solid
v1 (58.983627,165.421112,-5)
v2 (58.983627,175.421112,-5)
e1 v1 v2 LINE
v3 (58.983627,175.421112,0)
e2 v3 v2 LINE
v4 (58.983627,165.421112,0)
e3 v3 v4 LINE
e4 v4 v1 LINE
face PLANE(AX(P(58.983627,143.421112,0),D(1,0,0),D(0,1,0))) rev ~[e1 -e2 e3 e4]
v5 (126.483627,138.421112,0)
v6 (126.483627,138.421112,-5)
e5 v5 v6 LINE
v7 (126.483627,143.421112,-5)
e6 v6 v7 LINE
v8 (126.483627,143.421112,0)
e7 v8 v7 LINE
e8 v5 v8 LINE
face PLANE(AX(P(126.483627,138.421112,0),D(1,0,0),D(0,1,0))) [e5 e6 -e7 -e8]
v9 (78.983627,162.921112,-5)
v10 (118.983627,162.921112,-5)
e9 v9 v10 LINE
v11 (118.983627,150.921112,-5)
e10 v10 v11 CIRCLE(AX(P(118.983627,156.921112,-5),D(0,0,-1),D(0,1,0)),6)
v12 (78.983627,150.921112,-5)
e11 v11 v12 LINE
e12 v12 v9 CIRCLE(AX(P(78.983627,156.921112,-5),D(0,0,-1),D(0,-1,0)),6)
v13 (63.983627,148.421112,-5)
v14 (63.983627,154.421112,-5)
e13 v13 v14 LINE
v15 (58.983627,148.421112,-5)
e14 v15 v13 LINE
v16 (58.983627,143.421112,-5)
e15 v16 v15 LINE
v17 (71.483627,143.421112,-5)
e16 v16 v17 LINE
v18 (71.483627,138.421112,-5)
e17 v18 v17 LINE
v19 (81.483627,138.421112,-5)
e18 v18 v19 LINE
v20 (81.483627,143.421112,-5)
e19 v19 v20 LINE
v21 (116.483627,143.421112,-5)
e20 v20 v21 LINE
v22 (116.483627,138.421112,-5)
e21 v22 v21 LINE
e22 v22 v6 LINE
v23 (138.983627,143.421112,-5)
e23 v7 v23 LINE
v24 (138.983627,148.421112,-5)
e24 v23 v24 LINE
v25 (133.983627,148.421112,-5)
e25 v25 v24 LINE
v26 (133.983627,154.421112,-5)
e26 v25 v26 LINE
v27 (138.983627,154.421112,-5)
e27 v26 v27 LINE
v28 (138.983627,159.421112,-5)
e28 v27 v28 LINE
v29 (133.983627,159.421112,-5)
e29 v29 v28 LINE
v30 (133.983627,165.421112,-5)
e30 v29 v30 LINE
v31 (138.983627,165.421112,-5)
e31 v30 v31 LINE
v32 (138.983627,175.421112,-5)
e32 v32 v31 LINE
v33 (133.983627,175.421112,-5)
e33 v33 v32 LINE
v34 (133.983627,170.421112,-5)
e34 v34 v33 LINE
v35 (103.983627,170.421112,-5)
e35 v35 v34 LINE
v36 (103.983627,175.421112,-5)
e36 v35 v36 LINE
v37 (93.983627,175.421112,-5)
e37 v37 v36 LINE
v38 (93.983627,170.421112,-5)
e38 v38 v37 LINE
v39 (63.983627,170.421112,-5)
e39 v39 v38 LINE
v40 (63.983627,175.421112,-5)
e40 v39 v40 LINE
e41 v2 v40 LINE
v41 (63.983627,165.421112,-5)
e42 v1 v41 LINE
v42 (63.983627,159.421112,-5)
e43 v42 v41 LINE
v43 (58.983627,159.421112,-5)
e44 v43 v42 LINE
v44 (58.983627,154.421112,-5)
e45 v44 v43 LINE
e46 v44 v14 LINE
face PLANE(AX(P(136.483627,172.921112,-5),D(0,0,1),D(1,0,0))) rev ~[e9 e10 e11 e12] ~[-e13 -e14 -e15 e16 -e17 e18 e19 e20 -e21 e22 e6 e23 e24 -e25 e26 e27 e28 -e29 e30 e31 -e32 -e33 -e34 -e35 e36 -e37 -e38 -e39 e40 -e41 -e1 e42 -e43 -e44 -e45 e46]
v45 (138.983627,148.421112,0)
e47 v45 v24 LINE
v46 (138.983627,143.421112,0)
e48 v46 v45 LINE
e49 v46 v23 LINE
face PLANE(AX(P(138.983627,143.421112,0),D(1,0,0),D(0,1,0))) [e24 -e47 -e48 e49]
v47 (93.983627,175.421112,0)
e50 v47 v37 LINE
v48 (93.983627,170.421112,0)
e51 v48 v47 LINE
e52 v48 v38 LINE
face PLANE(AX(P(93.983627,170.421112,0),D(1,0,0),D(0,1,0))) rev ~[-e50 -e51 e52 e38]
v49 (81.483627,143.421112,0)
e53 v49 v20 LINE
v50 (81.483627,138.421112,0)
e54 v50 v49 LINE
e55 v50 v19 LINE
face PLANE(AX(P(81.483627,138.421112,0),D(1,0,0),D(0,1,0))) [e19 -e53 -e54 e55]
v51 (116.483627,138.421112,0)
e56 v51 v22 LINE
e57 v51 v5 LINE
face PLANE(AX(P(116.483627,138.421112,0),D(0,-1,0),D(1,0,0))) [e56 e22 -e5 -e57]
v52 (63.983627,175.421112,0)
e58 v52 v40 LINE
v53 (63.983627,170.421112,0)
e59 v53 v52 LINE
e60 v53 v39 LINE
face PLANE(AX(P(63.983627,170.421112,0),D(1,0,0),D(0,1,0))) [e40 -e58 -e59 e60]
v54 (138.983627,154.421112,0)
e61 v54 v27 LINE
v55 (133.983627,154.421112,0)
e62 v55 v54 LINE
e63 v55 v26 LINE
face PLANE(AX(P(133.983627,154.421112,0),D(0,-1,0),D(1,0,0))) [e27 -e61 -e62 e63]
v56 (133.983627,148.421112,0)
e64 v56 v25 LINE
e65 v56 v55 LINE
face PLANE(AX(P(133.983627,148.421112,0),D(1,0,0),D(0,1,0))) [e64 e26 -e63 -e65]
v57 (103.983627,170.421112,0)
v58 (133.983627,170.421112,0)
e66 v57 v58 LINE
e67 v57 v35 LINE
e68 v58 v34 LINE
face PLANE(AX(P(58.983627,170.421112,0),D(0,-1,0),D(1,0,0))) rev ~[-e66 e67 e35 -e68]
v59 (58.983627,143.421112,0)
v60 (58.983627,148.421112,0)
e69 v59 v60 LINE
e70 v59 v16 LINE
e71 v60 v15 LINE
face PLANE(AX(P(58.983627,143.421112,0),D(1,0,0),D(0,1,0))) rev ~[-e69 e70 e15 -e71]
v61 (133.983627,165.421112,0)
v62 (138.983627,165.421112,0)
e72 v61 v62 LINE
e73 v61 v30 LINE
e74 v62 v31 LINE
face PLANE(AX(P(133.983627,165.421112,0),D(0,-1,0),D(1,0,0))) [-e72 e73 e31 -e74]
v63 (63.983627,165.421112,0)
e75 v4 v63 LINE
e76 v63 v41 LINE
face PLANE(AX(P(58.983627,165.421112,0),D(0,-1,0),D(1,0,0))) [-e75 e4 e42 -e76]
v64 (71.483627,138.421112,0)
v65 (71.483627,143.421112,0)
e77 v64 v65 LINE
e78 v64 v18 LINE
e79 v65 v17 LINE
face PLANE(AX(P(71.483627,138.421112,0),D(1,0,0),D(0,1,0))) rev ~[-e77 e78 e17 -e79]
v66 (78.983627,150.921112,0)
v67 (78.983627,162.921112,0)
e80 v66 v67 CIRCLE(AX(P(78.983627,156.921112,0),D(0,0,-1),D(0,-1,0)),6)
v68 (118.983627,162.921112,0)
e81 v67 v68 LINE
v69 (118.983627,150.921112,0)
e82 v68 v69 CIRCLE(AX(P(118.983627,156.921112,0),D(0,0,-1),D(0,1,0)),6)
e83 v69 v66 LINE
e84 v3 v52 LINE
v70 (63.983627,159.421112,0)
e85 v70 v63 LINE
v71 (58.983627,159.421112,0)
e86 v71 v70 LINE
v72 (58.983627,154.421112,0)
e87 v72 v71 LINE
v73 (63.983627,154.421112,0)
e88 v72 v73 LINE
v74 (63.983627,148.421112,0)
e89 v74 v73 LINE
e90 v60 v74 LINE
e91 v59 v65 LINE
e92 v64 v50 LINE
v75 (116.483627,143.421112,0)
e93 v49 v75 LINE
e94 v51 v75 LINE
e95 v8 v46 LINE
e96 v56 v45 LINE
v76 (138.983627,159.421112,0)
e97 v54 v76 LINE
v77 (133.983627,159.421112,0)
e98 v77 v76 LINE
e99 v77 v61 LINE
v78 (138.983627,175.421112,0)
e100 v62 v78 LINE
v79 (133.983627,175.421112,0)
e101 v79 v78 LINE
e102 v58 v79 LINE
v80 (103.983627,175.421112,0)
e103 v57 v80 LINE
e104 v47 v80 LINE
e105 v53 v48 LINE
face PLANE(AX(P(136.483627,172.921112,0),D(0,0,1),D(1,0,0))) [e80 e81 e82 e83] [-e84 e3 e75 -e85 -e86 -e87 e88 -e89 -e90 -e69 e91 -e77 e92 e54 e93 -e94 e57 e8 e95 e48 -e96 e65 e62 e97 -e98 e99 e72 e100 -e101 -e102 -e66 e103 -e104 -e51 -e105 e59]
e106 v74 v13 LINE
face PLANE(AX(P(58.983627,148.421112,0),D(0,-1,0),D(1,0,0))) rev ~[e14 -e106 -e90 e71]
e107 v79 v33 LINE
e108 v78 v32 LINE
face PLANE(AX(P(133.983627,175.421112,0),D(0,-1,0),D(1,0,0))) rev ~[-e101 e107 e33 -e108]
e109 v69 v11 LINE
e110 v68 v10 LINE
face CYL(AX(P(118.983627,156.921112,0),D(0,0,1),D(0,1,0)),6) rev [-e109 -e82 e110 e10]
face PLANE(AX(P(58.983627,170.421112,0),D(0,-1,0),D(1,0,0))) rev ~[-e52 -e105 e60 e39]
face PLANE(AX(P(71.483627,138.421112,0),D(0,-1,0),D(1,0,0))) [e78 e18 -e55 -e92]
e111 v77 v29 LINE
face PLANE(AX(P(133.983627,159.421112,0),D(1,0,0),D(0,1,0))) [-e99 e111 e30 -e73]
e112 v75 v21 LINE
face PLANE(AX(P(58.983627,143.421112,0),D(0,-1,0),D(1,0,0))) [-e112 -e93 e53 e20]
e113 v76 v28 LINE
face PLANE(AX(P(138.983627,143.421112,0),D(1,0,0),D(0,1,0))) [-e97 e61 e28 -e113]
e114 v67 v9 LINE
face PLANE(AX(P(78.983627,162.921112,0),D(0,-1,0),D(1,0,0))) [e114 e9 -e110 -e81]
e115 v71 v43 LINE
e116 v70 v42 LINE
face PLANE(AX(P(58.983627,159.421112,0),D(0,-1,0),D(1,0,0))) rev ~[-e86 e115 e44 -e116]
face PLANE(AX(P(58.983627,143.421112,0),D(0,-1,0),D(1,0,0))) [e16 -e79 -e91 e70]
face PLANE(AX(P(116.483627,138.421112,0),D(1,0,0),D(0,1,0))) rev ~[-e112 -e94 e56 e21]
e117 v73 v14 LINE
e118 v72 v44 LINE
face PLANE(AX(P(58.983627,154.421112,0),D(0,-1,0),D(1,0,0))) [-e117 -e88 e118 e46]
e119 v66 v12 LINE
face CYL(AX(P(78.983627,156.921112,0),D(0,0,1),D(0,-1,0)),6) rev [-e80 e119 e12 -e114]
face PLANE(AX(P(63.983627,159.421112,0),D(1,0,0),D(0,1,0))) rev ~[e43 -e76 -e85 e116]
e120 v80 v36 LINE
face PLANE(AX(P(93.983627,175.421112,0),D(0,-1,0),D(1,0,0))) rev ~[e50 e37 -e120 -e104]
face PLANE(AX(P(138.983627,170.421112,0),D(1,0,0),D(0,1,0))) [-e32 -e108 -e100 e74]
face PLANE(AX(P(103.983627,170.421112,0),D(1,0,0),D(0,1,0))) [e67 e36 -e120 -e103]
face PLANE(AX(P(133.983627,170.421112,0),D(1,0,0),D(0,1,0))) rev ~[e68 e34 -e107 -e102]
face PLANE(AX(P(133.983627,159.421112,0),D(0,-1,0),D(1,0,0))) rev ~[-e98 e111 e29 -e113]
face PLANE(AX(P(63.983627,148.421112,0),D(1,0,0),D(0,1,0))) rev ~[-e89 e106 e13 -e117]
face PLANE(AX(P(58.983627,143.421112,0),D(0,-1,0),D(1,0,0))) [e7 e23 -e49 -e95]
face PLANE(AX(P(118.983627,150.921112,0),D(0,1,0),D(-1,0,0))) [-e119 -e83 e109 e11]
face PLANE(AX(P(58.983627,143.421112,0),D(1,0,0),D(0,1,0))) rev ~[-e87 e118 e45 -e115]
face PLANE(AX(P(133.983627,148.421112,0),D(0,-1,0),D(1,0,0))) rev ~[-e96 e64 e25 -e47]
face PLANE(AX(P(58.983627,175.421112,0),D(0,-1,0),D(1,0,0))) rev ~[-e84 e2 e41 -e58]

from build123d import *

# Parameters (mm, degrees)
ESQUISSE1_W        = 80
ESQUISSE1_H        = 27
BOSS_EXTRU_1_DEPTH = 5
ESQUISSE3_W        = 5
ESQUISSE3_H        = 6
CR_NEAUX_DEPTH     = 5
ESQUISSE2_W        = 5
ESQUISSE2_H        = 5
ESQUISSE2_W_2      = 10
CR_NEAUX_2_DEPTH   = 5


with BuildPart() as part:
    # Esquisse1 → Boss.-Extru.1 (new body)
    with BuildSketch(Plane.XY):
        with Locations((98.983627477, 156.921111622)):
            Rectangle(ESQUISSE1_W, ESQUISSE1_H)
    extrude(amount=-BOSS_EXTRU_1_DEPTH)

    # Esquisse3 → Cr_neaux (cut)
    with BuildSketch(Plane.XY):
        with Locations((61.483627477, 162.421111622)):
            Rectangle(ESQUISSE3_W, ESQUISSE3_H)
        with Locations((61.483627477, 151.421111622)):
            Rectangle(ESQUISSE3_W, ESQUISSE3_H)
        with Locations((136.483627477, 151.421111622)):
            Rectangle(ESQUISSE3_W, ESQUISSE3_H)
        with Locations((136.483627477, 162.421111622)):
            Rectangle(ESQUISSE3_W, ESQUISSE3_H)
        with BuildLine():
            Line((78.983627477, 162.921111622), (118.983627477, 162.921111622))
            ThreePointArc((118.983627477, 162.921111622), (124.983627477, 156.921111622), (118.983627477, 150.921111622))
            Line((118.983627477, 150.921111622), (78.983627477, 150.921111622))
            ThreePointArc((78.983627477, 150.921111622), (72.983627477, 156.921111622), (78.983627477, 162.921111622))
        make_face()
    extrude(amount=-CR_NEAUX_DEPTH, mode=Mode.SUBTRACT)

    # Esquisse2 → Cr_neaux 2 (add)
    with BuildSketch(Plane.XY):
        with Locations((136.483627477, 172.921111622)):
            Rectangle(ESQUISSE2_W, ESQUISSE2_H)
        with Locations((61.483627477, 172.921111622)):
            Rectangle(ESQUISSE2_W, ESQUISSE2_H)
        with Locations((98.983627477, 172.921111622)):
            Rectangle(ESQUISSE2_W_2, ESQUISSE2_H)
        with Locations((121.483627477, 140.921111622)):
            Rectangle(ESQUISSE2_W_2, ESQUISSE2_H)
        with Locations((76.483627477, 140.921111622)):
            Rectangle(ESQUISSE2_W_2, ESQUISSE2_H)
    extrude(amount=-CR_NEAUX_2_DEPTH)


solid = part.part
